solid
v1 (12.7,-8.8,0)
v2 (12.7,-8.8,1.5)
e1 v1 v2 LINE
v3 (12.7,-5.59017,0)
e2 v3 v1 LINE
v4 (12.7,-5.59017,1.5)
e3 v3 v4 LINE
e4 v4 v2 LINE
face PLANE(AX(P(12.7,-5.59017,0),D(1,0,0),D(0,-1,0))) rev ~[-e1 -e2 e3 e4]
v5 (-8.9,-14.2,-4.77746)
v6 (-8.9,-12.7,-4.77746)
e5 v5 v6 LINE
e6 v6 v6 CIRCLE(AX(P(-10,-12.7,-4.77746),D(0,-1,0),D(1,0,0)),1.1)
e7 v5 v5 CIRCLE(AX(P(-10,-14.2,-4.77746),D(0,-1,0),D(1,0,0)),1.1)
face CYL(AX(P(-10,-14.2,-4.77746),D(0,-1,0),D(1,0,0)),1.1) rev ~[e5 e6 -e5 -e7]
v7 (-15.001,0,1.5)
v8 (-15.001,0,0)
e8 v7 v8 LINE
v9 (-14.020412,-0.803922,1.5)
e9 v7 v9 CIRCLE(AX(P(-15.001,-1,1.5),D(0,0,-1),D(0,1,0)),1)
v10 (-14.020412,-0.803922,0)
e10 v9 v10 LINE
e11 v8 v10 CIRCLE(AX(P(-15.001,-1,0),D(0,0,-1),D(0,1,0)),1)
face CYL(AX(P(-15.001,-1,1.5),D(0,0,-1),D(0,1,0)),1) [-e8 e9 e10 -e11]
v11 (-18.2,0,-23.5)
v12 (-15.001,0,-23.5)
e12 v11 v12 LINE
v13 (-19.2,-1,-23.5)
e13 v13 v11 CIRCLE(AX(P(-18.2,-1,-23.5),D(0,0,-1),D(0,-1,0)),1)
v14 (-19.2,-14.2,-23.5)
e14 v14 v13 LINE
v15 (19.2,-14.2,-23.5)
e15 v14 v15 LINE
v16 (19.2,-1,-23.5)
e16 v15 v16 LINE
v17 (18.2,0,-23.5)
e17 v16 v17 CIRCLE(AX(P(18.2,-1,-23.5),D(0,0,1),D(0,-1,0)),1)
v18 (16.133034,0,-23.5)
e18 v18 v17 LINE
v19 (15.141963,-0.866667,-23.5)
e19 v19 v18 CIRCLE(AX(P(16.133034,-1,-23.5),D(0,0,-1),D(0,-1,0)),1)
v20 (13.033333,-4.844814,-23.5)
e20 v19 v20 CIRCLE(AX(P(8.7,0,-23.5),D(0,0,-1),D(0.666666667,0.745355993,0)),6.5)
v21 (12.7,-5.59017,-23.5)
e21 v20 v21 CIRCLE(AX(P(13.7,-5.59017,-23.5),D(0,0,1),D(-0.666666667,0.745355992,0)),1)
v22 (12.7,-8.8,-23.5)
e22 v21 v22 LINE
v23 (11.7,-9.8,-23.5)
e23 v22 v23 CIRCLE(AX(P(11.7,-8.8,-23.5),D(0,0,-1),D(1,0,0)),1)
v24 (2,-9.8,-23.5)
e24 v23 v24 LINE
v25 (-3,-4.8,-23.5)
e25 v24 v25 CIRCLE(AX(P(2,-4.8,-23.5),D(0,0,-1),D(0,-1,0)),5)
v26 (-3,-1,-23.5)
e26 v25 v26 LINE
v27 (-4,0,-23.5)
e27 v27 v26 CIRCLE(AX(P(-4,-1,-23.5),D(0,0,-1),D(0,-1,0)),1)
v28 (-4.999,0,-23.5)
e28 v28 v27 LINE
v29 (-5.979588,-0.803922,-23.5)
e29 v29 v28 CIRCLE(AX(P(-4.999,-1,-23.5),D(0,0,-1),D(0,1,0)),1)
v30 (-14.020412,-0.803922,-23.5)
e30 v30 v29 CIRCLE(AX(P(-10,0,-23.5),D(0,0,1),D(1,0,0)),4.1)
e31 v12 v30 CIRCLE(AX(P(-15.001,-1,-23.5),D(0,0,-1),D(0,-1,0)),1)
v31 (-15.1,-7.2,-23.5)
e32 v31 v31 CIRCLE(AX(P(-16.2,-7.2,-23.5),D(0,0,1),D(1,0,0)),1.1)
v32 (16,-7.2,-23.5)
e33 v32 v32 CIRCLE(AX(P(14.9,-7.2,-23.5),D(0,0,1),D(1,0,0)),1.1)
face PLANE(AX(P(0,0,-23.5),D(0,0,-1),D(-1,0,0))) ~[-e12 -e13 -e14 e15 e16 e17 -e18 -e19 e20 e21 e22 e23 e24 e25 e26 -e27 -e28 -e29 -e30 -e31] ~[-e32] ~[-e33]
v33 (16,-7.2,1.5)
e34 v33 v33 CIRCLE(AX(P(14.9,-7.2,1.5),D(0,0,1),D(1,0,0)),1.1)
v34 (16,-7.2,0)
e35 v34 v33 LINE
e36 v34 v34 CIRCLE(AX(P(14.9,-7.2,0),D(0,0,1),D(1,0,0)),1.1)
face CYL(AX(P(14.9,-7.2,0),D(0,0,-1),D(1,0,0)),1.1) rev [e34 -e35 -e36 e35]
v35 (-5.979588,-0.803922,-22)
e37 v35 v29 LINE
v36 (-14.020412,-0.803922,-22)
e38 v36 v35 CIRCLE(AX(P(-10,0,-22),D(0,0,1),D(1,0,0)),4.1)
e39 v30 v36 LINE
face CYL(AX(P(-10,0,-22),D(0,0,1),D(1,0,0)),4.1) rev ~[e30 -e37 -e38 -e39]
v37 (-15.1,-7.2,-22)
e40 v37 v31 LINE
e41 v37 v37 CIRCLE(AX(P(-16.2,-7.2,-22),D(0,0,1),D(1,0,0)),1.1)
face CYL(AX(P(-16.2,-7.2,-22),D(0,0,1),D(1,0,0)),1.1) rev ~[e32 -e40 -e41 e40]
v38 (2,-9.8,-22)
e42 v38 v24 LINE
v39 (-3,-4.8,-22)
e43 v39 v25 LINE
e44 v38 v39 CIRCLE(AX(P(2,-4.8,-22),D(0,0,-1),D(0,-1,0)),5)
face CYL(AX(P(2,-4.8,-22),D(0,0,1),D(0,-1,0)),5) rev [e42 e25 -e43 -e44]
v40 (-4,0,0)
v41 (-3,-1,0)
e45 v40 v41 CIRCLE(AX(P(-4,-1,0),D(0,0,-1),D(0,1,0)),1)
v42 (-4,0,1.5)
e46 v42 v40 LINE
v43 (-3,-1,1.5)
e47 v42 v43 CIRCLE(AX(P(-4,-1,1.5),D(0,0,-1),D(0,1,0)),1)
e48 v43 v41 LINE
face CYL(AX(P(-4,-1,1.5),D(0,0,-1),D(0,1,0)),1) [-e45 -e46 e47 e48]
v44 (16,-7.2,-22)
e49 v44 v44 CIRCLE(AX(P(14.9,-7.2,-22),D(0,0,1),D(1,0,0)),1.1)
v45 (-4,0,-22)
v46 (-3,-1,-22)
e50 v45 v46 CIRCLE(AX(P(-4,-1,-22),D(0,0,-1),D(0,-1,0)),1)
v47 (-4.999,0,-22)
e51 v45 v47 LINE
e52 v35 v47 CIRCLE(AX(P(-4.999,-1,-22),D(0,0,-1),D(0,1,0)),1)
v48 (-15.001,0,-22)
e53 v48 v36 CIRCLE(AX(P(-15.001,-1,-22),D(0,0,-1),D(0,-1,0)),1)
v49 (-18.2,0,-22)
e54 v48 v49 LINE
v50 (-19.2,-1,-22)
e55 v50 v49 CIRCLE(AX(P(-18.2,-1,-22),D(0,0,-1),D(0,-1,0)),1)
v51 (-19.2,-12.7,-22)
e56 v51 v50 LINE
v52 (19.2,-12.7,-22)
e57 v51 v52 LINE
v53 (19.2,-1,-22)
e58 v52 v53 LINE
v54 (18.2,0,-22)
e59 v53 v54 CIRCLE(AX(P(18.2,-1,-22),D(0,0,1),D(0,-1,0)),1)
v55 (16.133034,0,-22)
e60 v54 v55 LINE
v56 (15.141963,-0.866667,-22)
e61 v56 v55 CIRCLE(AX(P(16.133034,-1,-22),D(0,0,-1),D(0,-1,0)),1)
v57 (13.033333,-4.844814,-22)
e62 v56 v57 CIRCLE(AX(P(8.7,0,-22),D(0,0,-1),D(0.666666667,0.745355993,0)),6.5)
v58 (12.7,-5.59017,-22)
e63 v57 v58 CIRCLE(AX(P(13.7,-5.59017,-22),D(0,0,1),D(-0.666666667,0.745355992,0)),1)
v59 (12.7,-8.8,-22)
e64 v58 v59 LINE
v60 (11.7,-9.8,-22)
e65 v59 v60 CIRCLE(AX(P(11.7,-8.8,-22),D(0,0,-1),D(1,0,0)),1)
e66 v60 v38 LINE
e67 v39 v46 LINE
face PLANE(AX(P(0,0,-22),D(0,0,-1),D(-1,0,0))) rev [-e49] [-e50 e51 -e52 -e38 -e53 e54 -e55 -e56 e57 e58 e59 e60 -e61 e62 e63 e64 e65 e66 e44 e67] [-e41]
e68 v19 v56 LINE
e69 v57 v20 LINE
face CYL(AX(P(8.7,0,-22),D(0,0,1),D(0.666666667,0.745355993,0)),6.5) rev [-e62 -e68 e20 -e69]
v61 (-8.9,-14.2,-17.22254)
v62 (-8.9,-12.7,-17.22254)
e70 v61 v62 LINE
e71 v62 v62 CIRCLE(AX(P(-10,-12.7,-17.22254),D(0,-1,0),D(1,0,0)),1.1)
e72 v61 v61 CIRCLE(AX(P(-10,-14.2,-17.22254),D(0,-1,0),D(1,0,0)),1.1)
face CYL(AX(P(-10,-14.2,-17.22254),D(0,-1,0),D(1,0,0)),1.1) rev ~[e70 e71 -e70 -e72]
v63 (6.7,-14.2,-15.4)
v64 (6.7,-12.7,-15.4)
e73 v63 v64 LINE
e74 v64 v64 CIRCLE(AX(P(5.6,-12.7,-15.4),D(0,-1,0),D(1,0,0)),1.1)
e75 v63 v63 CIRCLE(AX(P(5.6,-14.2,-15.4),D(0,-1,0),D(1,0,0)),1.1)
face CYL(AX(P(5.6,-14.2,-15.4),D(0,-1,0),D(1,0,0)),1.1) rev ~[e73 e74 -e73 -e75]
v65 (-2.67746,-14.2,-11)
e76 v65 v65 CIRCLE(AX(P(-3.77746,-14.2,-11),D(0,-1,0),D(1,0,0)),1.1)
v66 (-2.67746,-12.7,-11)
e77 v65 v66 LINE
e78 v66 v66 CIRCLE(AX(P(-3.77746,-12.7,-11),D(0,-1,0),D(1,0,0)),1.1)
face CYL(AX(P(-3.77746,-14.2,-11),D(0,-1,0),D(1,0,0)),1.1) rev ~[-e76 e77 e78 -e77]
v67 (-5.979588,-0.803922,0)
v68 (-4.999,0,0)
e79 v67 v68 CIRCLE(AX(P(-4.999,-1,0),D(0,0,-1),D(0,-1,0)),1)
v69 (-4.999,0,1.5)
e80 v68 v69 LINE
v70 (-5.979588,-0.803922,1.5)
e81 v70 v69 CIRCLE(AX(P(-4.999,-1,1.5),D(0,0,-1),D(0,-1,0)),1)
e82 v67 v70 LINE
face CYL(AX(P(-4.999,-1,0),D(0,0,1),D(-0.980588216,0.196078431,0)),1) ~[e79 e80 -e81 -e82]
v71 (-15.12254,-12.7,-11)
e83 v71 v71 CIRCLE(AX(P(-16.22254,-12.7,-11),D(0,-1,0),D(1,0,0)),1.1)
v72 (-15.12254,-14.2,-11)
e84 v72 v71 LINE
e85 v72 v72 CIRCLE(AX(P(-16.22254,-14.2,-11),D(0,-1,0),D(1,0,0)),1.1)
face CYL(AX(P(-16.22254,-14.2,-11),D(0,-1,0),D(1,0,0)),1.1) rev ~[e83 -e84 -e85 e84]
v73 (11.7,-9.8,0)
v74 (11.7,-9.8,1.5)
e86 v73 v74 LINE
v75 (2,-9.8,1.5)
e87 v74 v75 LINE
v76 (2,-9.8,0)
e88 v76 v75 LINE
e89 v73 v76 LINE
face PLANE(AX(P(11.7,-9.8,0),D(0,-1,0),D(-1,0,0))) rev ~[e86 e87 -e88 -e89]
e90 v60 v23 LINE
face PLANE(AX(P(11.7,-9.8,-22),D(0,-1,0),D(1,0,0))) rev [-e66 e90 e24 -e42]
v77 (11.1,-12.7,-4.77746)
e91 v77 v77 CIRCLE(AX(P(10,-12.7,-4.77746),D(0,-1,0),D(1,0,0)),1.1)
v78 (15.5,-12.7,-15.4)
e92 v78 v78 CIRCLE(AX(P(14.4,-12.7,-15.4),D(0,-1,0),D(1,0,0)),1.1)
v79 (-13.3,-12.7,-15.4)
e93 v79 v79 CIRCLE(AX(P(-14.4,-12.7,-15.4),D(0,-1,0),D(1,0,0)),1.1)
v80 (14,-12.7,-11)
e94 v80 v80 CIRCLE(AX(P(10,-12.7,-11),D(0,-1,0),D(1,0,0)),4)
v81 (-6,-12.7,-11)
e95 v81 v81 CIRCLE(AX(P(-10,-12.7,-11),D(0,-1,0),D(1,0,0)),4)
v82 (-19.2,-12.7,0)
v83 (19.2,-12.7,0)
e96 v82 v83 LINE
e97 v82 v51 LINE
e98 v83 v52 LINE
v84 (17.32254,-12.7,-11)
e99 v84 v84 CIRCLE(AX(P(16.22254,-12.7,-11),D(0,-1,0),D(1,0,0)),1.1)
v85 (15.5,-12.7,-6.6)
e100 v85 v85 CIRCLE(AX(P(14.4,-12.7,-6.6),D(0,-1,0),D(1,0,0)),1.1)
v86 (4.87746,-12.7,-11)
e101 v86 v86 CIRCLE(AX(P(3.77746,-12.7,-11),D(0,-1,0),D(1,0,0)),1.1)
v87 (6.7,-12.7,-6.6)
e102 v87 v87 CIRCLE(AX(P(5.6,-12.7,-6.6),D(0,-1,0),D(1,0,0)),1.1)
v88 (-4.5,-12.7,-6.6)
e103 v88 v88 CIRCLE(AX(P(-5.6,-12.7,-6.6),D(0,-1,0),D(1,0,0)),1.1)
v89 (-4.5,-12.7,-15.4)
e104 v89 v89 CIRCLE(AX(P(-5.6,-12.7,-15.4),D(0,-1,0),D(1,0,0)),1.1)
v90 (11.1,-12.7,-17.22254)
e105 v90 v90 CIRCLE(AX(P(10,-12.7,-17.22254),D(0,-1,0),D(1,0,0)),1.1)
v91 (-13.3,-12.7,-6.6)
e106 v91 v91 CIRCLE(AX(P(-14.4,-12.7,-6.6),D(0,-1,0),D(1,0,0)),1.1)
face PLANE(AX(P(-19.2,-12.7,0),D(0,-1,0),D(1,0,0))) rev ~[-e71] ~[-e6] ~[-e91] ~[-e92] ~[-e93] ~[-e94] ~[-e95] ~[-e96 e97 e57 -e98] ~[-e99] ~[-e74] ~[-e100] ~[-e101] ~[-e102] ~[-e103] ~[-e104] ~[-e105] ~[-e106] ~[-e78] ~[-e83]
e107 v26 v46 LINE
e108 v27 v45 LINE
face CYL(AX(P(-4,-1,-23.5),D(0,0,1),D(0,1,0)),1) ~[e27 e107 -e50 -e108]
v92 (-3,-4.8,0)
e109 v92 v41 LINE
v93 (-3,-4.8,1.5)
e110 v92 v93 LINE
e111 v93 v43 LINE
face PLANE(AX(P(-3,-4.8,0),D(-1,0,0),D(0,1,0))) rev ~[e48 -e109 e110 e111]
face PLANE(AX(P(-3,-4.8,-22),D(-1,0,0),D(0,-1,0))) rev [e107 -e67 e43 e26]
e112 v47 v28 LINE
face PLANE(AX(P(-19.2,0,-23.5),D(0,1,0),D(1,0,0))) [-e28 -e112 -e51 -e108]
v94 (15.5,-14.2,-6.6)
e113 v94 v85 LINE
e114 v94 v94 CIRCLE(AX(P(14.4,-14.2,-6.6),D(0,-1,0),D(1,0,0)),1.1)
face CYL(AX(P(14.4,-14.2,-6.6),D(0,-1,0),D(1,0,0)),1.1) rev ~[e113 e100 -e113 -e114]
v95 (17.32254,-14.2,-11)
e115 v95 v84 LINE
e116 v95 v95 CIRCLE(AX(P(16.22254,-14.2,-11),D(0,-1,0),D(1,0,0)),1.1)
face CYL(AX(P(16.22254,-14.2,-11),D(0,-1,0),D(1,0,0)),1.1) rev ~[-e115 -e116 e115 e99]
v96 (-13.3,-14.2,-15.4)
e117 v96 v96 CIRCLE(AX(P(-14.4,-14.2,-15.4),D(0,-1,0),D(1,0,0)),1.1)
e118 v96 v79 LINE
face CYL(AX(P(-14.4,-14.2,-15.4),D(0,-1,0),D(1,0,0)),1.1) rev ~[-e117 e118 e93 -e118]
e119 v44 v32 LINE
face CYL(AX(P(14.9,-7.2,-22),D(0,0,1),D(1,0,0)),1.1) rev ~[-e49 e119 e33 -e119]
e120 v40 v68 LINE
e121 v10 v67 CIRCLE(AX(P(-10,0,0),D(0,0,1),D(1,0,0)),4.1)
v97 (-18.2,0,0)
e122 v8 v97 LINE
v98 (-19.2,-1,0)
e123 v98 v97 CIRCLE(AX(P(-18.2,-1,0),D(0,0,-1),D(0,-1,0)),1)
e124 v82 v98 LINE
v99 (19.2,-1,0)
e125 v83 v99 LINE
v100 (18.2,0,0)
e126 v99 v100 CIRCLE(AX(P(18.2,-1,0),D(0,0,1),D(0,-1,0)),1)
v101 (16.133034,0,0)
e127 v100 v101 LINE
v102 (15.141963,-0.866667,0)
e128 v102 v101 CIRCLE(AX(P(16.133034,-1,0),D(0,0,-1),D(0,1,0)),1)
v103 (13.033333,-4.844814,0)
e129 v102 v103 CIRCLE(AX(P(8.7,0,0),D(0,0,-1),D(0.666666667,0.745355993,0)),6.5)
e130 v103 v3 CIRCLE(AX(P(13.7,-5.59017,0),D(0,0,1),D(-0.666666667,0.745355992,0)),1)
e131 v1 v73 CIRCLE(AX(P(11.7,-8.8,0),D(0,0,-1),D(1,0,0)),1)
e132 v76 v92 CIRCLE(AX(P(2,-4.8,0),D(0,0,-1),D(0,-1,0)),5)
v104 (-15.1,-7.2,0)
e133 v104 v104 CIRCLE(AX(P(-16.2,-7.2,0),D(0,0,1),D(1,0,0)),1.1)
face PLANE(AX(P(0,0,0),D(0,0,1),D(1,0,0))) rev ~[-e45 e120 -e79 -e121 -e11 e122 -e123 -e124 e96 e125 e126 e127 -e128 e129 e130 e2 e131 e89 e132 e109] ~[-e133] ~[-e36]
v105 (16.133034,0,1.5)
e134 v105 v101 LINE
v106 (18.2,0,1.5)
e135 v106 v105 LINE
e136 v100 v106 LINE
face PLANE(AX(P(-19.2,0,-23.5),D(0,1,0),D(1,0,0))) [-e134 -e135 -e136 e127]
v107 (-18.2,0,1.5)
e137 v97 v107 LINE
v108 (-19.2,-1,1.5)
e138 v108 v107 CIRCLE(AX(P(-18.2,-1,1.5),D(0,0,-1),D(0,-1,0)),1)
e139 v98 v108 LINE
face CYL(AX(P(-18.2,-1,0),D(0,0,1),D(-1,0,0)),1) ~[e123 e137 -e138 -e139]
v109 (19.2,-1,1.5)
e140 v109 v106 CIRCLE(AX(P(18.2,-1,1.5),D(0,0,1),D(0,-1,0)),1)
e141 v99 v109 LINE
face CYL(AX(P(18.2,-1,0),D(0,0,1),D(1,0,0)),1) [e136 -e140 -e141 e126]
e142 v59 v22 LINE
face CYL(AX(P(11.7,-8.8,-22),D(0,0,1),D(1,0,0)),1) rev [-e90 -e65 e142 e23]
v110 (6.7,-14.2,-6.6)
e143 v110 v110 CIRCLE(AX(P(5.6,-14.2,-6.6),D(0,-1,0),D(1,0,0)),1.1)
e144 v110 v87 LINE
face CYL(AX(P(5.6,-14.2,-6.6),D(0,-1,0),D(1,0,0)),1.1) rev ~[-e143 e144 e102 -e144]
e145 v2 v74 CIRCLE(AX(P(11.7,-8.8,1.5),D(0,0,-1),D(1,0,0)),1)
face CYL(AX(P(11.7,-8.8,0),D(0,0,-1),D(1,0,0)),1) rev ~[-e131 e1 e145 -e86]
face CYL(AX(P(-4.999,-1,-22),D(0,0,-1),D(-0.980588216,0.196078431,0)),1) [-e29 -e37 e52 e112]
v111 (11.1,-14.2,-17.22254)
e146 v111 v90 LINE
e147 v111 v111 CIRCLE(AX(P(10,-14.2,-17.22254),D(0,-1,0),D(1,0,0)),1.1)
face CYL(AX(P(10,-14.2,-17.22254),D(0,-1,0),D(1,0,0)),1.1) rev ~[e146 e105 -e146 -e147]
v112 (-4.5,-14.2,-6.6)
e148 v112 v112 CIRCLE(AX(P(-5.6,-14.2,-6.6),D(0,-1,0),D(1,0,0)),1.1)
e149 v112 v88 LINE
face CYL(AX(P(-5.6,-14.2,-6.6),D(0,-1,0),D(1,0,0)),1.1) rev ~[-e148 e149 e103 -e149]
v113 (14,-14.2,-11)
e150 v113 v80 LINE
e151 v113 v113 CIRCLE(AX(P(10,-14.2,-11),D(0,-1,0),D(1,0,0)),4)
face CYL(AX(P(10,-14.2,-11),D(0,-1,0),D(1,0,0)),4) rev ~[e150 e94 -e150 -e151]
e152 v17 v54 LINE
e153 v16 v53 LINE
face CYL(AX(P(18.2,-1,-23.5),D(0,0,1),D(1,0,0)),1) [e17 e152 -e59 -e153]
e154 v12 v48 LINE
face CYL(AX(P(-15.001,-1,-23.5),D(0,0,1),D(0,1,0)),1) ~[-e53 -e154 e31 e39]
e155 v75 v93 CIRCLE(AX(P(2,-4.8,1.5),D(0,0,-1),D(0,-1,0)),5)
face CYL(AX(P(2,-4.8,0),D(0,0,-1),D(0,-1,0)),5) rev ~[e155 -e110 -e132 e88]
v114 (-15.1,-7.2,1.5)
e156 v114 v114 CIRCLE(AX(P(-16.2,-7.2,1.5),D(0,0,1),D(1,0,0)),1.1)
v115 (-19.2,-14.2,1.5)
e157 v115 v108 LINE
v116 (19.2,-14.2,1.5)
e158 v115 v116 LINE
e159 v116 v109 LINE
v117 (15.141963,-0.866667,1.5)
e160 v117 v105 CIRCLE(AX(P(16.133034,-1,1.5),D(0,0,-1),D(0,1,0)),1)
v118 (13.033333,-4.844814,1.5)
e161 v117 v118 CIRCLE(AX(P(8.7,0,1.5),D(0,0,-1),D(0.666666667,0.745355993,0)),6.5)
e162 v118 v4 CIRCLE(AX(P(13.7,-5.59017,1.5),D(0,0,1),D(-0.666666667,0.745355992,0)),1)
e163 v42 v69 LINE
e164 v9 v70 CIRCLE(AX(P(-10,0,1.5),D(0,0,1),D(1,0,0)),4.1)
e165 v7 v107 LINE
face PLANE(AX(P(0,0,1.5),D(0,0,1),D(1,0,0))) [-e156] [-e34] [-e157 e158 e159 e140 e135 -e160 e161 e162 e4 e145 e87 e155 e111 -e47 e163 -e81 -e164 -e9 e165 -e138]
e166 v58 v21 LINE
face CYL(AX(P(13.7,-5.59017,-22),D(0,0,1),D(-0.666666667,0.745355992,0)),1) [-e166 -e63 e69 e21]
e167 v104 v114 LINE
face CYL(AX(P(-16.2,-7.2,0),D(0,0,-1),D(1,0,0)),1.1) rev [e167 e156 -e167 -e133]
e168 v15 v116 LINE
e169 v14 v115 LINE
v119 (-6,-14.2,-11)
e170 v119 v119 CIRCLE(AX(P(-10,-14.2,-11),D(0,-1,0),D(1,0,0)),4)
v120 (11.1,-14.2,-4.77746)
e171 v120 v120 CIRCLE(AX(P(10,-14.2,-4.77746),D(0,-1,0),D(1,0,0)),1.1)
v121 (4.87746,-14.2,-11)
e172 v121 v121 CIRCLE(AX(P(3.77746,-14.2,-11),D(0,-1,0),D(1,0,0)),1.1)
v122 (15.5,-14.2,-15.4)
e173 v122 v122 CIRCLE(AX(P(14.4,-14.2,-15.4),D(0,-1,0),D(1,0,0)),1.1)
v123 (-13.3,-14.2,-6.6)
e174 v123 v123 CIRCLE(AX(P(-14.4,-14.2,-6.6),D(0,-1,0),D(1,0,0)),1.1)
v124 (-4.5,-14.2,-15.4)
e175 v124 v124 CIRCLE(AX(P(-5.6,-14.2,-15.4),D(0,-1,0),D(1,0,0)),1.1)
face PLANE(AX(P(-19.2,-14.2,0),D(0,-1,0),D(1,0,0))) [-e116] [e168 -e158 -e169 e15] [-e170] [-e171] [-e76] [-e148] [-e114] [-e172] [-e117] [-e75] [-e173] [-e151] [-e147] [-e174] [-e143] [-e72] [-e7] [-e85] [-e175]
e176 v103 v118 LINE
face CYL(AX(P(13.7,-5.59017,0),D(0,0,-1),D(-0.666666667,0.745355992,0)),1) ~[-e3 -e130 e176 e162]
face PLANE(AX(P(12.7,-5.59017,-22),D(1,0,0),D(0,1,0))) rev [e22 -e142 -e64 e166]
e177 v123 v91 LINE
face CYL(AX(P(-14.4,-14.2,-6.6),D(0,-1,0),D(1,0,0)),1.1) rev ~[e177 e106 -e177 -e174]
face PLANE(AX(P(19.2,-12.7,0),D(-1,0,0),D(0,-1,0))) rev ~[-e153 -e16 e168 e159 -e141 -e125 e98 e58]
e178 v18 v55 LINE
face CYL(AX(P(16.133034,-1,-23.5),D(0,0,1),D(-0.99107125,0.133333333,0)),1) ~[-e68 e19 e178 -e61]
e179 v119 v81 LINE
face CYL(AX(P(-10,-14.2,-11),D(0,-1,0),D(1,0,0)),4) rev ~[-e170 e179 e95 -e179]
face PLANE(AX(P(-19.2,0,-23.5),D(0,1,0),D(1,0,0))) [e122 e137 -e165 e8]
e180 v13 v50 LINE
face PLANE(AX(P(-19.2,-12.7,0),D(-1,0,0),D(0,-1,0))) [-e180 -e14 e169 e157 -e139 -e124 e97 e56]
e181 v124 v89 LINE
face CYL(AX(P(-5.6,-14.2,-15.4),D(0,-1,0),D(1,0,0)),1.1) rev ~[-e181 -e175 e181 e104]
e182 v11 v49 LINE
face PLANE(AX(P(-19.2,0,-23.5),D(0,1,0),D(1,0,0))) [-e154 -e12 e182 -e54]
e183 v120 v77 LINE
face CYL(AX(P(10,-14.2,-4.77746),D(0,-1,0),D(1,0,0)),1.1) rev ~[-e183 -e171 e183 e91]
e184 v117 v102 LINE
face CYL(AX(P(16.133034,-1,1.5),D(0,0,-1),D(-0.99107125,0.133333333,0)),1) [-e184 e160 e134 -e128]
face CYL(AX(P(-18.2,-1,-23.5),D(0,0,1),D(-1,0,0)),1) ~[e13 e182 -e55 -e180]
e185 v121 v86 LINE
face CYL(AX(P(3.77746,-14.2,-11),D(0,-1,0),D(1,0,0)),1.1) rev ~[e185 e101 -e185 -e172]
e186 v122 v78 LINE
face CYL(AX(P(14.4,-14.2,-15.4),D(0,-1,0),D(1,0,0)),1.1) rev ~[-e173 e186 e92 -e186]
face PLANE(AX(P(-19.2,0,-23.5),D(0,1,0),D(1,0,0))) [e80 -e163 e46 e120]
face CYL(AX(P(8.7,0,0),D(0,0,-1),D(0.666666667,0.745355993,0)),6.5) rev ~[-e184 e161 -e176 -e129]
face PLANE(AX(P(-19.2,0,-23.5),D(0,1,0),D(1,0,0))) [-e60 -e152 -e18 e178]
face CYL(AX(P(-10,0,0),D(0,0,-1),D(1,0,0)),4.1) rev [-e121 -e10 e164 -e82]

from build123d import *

# Parameters (mm, degrees)
F0_W     = 38.4
F0_H     = 28.4
F0_R     = 1.1
F0_R_2   = 4.1
F1_DEPTH = 1.5
F2_W     = 38.4
F2_H     = 1.5
F3_DEPTH = 22
F6_W     = 38.4
F6_H     = 14.2
F7_DEPTH = 25.001
F8_R     = 4
F8_R_2   = 1.1
F9_DEPTH = 1.5
F10_R    = 1


with BuildPart() as f1:
    # F0 (on Top) → F1 (new body)
    with BuildSketch(Plane.XY):
        Rectangle(F0_W, F0_H)
        with Locations((-16.2, -7.2)):
            Circle(F0_R, mode=Mode.SUBTRACT)
        with Locations((14.9, -7.2)):
            Circle(F0_R, mode=Mode.SUBTRACT)
        with Locations((-10, 0)):
            Circle(F0_R_2, mode=Mode.SUBTRACT)
        with Locations((-16.2, 7.2)):
            Circle(F0_R, mode=Mode.SUBTRACT)
        with BuildLine():
            ThreePointArc((-3, 4.8), (-1.5355339059, 8.3355339059), (2, 9.8))
            Line((2, 9.8), (11.7, 9.8))
            ThreePointArc((11.7, 9.8), (12.4071067812, 9.5071067812), (12.7, 8.8))
            Line((12.7, 8.8), (12.7, 5.5901699437))
            ThreePointArc((12.7, 5.5901699437), (12.7871290708, 5.1819216533), (13.0333333333, 4.8448139512))
            ThreePointArc((13.0333333333, 4.8448139512), (15.2, 0), (13.0333333333, -4.8448139512))
            ThreePointArc((13.0333333333, -4.8448139512), (12.7871290708, -5.1819216533), (12.7, -5.5901699437))
            Line((12.7, -5.5901699437), (12.7, -8.8))
            ThreePointArc((12.7, -8.8), (12.4071067812, -9.5071067812), (11.7, -9.8))
            Line((11.7, -9.8), (2, -9.8))
            ThreePointArc((2, -9.8), (-1.5355339059, -8.3355339059), (-3, -4.8))
            Line((-3, -4.8), (-3, 4.8))
        make_face(mode=Mode.SUBTRACT)
        with Locations((14.9, 7.2)):
            Circle(F0_R, mode=Mode.SUBTRACT)
    extrude(amount=F1_DEPTH)

    # F2 (on face) → F3 (join)
    with BuildSketch(Plane(origin=(0, 0, 0), x_dir=(1, 0, 0), z_dir=(0, 0, -1))):
        with Locations((0, 13.45)):
            Rectangle(F2_W, F2_H)
    extrude(amount=F3_DEPTH)

    # F5: F1 across plane


with BuildPart() as f1_1:
    add(f1.part)
    add(f1.part.mirror(Plane.XY.offset(-11)))

    # F6 (on face) → F7 (cut, through all)
    with BuildSketch(Plane(origin=(0, 0, -23.5), x_dir=(1, 0, 0), z_dir=(0, 0, -1))):
        with Locations((0, -7.1)):
            Rectangle(F6_W, F6_H)
    extrude(amount=-F7_DEPTH, mode=Mode.SUBTRACT)

    # F8 (on face) → F9 (cut, through all)
    with BuildSketch(Plane.XZ.offset(14.2)):
        with Locations((-10, -11)):
            Circle(F8_R)
        with Locations((-5.6, -6.6)):
            Circle(F8_R_2)
        with Locations((-10, -4.7774603256)):
            Circle(F8_R_2)
        with Locations((-14.4, -6.6)):
            Circle(F8_R_2)
        with Locations((-16.2225396744, -11)):
            Circle(F8_R_2)
        with Locations((-14.4, -15.4)):
            Circle(F8_R_2)
        with Locations((-10, -17.2225396744)):
            Circle(F8_R_2)
        with Locations((-5.6, -15.4)):
            Circle(F8_R_2)
        with Locations((-3.7774603256, -11)):
            Circle(F8_R_2)
        with Locations((10, -4.7774603256)):
            Circle(F8_R_2)
        with Locations((14.4, -15.4)):
            Circle(F8_R_2)
        with Locations((3.7774603256, -11)):
            Circle(F8_R_2)
        with Locations((16.2225396744, -11)):
            Circle(F8_R_2)
        with Locations((5.6, -15.4)):
            Circle(F8_R_2)
        with Locations((14.4, -6.6)):
            Circle(F8_R_2)
        with Locations((10, -17.2225396744)):
            Circle(F8_R_2)
        with Locations((10, -11)):
            Circle(F8_R)
        with Locations((5.6, -6.6)):
            Circle(F8_R_2)
    extrude(amount=-F9_DEPTH, mode=Mode.SUBTRACT)

    # F10
    f10_edges = [f1_1.edges().sort_by_distance(p)[0] for p in [
        (-19.2, 0, -22.75),
        (-19.2, 0, 0.75),
        (-5.9, 0, 0.75),
        (-14.1, 0, 0.75),
        (-5.9, 0, -22.75),
        (-14.1, 0, -22.75),
        (-3, 0, -22.75),
        (15.2, 0, -22.75),
        (15.2, 0, 0.75),
        (19.2, 0, -22.75),
        (19.2, 0, 0.75),
        (-3, 0, 0.75),
    ]]
    fillet(f10_edges, radius=F10_R)


solid = f1_1.part
